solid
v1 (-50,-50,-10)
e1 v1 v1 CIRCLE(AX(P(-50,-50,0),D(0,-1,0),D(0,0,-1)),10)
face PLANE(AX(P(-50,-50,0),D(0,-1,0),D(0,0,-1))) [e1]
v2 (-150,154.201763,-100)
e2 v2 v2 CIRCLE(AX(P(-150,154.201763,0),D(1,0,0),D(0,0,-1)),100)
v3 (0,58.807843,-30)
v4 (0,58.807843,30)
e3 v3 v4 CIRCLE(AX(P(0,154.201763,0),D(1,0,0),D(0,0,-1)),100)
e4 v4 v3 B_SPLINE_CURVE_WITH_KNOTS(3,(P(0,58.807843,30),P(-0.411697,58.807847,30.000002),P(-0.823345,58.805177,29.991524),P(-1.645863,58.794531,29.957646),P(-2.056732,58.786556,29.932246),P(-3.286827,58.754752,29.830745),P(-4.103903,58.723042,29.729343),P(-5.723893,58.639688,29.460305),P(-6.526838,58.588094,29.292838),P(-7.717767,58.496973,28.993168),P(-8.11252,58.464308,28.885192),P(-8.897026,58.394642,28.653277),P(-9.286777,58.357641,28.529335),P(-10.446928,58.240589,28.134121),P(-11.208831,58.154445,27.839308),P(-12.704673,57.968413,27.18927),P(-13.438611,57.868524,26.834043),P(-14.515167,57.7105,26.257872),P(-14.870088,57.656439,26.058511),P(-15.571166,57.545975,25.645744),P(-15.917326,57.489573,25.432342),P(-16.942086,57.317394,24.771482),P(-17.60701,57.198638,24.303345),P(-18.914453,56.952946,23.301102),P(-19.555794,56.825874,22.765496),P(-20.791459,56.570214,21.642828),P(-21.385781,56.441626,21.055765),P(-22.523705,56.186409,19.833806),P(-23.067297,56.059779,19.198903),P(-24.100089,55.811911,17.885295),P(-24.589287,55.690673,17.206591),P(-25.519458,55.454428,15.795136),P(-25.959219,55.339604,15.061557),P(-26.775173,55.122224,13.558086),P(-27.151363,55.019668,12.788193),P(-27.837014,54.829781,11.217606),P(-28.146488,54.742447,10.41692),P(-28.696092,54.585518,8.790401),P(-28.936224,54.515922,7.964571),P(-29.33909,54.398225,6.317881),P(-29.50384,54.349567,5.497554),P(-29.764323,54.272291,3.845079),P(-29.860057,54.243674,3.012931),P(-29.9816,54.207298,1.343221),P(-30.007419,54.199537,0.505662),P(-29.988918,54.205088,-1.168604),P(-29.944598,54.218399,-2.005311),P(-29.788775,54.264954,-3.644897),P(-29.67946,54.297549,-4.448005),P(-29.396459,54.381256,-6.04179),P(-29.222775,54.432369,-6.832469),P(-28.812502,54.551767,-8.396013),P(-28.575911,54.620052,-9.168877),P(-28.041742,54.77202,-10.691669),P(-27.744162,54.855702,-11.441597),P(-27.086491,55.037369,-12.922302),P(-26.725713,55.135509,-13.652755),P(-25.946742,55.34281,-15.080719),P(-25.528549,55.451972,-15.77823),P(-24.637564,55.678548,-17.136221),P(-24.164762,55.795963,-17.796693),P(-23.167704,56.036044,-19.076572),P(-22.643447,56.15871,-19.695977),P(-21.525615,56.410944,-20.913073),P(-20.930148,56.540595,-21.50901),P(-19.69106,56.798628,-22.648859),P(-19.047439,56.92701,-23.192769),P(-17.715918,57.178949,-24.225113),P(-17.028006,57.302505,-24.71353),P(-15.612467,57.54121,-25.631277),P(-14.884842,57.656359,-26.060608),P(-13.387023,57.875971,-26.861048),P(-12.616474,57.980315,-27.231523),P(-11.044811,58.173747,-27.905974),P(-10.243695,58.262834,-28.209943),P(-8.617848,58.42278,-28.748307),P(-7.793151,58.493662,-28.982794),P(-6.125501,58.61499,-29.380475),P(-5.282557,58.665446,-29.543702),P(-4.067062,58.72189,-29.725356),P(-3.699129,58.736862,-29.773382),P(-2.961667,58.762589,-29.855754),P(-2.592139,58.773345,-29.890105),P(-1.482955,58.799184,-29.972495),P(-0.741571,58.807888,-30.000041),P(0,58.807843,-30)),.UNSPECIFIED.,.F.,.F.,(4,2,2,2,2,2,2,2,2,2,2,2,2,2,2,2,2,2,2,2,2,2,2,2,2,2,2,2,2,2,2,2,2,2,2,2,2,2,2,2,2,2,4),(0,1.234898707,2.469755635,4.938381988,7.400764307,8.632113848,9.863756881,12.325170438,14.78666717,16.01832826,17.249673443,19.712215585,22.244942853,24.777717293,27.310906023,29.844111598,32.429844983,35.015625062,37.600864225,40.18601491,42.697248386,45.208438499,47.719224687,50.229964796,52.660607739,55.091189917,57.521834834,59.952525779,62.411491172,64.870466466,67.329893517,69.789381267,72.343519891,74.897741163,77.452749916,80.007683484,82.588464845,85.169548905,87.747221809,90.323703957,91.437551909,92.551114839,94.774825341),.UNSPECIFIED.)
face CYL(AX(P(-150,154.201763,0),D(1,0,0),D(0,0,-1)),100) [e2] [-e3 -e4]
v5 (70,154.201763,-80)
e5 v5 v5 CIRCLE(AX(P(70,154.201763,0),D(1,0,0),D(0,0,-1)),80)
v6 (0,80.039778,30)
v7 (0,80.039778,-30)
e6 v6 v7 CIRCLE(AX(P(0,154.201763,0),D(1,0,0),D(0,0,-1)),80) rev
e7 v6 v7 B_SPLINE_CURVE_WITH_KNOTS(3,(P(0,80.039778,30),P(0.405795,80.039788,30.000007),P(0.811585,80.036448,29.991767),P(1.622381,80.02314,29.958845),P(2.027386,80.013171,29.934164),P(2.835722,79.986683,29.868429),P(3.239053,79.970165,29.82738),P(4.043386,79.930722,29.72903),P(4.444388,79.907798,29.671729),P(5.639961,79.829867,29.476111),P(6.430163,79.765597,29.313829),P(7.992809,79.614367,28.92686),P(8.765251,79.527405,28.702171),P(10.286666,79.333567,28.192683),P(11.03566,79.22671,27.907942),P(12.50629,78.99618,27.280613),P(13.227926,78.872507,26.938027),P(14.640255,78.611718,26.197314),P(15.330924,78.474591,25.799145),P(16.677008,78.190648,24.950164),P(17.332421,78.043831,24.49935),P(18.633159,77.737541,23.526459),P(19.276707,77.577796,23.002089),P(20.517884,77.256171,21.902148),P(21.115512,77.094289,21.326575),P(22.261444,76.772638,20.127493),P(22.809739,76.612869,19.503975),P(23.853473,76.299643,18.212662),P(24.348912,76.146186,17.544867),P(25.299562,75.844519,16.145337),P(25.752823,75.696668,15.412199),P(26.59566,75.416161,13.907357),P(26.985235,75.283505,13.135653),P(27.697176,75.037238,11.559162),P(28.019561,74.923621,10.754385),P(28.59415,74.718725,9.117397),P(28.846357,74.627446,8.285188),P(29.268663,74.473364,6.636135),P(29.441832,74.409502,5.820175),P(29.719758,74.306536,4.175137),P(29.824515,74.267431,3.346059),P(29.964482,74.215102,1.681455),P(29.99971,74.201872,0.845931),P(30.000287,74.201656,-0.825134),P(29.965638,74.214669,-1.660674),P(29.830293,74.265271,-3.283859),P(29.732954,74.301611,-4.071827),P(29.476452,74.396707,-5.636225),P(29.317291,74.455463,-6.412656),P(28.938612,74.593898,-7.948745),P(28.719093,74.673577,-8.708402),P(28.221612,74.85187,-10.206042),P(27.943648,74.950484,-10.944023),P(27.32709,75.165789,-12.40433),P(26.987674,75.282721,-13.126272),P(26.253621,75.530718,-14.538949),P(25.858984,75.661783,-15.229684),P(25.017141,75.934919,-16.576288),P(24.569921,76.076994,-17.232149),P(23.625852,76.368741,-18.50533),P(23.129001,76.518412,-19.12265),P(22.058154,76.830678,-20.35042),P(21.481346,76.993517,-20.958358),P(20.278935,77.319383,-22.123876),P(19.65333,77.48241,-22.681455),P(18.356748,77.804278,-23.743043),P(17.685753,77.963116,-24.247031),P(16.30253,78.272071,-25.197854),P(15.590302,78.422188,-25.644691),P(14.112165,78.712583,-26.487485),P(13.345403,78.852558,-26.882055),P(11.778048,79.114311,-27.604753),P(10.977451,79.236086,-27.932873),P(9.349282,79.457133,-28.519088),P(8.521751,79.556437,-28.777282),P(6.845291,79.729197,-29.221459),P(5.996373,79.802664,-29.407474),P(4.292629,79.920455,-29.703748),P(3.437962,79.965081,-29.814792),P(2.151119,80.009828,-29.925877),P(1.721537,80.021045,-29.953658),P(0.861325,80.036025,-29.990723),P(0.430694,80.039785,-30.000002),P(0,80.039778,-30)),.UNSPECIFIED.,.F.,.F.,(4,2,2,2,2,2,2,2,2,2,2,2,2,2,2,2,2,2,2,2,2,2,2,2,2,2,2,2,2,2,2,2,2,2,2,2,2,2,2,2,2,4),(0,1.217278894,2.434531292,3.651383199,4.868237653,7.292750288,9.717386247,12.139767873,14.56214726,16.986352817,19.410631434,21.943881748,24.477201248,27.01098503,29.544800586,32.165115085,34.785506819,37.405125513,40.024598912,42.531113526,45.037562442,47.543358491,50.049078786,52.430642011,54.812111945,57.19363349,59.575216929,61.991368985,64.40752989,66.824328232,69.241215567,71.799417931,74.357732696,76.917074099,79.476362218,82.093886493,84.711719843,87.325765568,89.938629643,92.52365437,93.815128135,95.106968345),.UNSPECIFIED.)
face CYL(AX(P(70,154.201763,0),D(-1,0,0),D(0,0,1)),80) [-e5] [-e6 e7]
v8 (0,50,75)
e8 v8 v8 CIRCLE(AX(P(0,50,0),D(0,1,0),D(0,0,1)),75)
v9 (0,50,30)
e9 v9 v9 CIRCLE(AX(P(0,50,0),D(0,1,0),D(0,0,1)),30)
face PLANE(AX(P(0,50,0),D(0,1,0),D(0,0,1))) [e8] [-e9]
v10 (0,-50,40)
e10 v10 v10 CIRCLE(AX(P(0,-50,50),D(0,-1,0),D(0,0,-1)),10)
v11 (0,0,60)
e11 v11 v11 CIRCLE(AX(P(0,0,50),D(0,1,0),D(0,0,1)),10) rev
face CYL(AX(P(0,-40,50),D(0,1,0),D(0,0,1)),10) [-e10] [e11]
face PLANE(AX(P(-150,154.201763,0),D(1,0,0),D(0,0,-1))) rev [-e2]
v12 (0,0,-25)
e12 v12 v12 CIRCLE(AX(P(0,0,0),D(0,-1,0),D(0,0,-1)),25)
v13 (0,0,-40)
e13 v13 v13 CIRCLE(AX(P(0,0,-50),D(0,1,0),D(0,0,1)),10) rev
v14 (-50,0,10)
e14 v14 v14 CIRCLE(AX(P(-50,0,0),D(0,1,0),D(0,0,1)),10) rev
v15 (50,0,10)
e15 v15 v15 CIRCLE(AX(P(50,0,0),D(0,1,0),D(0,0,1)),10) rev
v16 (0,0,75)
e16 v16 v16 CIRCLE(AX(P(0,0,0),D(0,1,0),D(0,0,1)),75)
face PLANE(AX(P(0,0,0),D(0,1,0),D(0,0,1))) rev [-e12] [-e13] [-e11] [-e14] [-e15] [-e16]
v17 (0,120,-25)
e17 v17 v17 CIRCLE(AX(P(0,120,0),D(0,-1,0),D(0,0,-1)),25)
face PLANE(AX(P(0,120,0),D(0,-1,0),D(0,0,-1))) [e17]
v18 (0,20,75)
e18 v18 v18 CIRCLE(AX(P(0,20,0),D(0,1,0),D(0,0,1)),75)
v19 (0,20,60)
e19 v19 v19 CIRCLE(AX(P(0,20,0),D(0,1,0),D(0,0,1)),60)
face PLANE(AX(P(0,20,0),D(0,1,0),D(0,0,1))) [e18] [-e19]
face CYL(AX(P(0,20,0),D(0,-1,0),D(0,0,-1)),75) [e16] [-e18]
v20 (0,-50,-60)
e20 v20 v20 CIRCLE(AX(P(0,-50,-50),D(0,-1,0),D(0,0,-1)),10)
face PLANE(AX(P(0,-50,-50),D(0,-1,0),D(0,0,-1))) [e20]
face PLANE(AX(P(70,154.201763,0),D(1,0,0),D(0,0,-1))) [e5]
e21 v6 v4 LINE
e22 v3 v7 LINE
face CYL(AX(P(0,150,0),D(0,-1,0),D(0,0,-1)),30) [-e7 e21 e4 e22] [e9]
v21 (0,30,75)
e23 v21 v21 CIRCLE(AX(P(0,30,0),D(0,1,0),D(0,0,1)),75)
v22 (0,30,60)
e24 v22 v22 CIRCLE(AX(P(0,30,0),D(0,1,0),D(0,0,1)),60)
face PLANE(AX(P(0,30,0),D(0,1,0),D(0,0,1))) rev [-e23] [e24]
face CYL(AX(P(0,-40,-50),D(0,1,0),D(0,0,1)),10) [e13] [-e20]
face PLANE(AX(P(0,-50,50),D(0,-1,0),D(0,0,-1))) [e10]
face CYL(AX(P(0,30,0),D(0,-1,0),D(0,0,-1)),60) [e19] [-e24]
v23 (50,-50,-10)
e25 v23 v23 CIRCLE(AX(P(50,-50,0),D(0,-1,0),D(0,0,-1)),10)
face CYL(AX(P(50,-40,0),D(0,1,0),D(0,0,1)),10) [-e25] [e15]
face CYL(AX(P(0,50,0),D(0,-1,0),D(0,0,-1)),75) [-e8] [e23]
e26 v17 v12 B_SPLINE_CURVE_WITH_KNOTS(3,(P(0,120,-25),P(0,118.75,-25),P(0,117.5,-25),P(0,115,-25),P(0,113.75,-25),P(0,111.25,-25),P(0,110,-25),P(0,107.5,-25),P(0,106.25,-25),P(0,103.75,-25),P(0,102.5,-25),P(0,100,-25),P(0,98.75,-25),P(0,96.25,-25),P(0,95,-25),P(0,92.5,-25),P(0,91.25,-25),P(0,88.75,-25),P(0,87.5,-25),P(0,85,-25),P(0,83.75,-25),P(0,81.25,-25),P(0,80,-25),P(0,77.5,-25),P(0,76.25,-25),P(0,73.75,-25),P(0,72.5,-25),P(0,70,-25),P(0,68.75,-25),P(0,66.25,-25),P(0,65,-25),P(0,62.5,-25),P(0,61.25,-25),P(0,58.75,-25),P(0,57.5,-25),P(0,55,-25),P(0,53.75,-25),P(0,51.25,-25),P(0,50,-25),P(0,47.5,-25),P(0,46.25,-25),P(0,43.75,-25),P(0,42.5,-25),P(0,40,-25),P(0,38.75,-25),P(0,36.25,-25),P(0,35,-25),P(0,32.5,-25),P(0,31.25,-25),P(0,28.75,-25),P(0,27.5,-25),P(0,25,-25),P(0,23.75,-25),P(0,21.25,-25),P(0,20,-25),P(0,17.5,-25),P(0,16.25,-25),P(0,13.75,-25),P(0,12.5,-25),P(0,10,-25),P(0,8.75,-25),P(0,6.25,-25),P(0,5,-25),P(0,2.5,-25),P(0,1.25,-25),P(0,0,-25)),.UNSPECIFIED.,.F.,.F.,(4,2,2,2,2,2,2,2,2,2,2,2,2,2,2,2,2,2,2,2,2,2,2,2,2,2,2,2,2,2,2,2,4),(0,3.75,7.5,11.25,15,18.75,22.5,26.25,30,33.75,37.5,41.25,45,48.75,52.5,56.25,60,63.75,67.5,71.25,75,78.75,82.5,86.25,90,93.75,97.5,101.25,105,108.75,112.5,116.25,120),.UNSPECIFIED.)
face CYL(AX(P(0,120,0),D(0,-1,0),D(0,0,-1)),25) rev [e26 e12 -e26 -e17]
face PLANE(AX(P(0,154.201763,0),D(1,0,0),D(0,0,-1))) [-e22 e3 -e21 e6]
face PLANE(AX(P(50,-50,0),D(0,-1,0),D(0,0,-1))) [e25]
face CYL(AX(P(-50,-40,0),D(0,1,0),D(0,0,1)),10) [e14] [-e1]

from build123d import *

# Parameters (mm, degrees)
SKETCH1_R           = 75
BOSS_EXTRUDE1_DEPTH = 20
SKETCH2_R           = 60
BOSS_EXTRUDE2_DEPTH = 10
SKETCH3_R           = 75
BOSS_EXTRUDE3_DEPTH = 20
SKETCH4_R           = 30
BOSS_EXTRUDE4_DEPTH = 100
SKETCH5_R           = 100
BOSS_EXTRUDE5_DEPTH = 150
SKETCH6_R           = 80
BOSS_EXTRUDE6_DEPTH = 70
SKETCH7_R           = 10
BOSS_EXTRUDE7_DEPTH = 40
SKETCH13_R          = 25
CUT_EXTRUDE1_DEPTH  = 120
SKETCH14_R          = 10
BOSS_EXTRUDE8_DEPTH = 10


with BuildPart() as part:
    # Sketch1 → Boss-Extrude1 (new body)
    with BuildSketch(Plane(origin=(0, 0, 0), x_dir=(1, 0, 0), z_dir=(0, 1, 0))):
        with Locations(Location((0, 0, 0), (0, 0, 270))):
            Circle(SKETCH1_R)
    extrude(amount=BOSS_EXTRUDE1_DEPTH)

    # Sketch2 → Boss-Extrude2 (add)
    with BuildSketch(Plane(origin=(0, 20, 0), x_dir=(1, 0, 0), z_dir=(0, 1, 0))):
        with Locations(Location((0, 0, 0), (0, 0, 270))):
            Circle(SKETCH2_R)
    extrude(amount=BOSS_EXTRUDE2_DEPTH)

    # Sketch3 → Boss-Extrude3 (add)
    with BuildSketch(Plane(origin=(0, 30, 0), x_dir=(1, 0, 0), z_dir=(0, 1, 0))):
        with Locations(Location((0, 0, 0), (0, 0, 270))):
            Circle(SKETCH3_R)
    extrude(amount=BOSS_EXTRUDE3_DEPTH)

    # Sketch4 → Boss-Extrude4 (add)
    with BuildSketch(Plane(origin=(0, 50, 0), x_dir=(1, 0, 0), z_dir=(0, 1, 0))):
        with Locations(Location((0, 0, 0), (0, 0, 270))):
            Circle(SKETCH4_R)
    extrude(amount=BOSS_EXTRUDE4_DEPTH)

    # Sketch5 → Boss-Extrude5 (add)
    with BuildSketch(Plane(origin=(0, 0, 0), x_dir=(0, 0, -1), z_dir=(1, 0, 0))):
        with Locations((0, 154.201763101)):
            Circle(SKETCH5_R)
    extrude(amount=-BOSS_EXTRUDE5_DEPTH)

    # Sketch6 → Boss-Extrude6 (add)
    with BuildSketch(Plane(origin=(0, 0, 0), x_dir=(0, 0, -1), z_dir=(1, 0, 0))):
        with Locations(Location((0, 154.201763101, 0), (0, 0, 247.975687163))):
            Circle(SKETCH6_R)
    extrude(amount=BOSS_EXTRUDE6_DEPTH)

    # Sketch7 → Boss-Extrude7 (add)
    with BuildSketch(Plane(origin=(0, 0, 0), x_dir=(-1, 0, 0), z_dir=(0, -1, 0))):
        with Locations(Location((0, 50, 0), (0, 0, 270))):
            Circle(SKETCH7_R)
        with Locations(Location((-50, 0, 0), (0, 0, 270))):
            Circle(SKETCH7_R)
        with Locations(Location((0, -50, 0), (0, 0, 270))):
            Circle(SKETCH7_R)
        with Locations(Location((50, 0, 0), (0, 0, 270))):
            Circle(SKETCH7_R)
    extrude(amount=BOSS_EXTRUDE7_DEPTH)

    # Sketch13 → Cut-Extrude1 (cut)
    with BuildSketch(Plane(origin=(0, 0, 0), x_dir=(-1, 0, 0), z_dir=(0, -1, 0))):
        with Locations(Location((0, 0, 0), (0, 0, 90))):
            Circle(SKETCH13_R)
    extrude(amount=-CUT_EXTRUDE1_DEPTH, mode=Mode.SUBTRACT)

    # Sketch14 → Boss-Extrude8 (add)
    with BuildSketch(Plane(origin=(0, -40, 0), x_dir=(-1, 0, 0), z_dir=(0, -1, 0))):
        with Locations(Location((0, 50, 0), (0, 0, 270))):
            Circle(SKETCH14_R)
        with Locations(Location((50, 0, 0), (0, 0, 270))):
            Circle(SKETCH14_R)
        with Locations(Location((0, -50, 0), (0, 0, 270))):
            Circle(SKETCH14_R)
        with Locations(Location((-50, 0, 0), (0, 0, 270))):
            Circle(SKETCH14_R)
    extrude(amount=BOSS_EXTRUDE8_DEPTH)


solid = part.part
